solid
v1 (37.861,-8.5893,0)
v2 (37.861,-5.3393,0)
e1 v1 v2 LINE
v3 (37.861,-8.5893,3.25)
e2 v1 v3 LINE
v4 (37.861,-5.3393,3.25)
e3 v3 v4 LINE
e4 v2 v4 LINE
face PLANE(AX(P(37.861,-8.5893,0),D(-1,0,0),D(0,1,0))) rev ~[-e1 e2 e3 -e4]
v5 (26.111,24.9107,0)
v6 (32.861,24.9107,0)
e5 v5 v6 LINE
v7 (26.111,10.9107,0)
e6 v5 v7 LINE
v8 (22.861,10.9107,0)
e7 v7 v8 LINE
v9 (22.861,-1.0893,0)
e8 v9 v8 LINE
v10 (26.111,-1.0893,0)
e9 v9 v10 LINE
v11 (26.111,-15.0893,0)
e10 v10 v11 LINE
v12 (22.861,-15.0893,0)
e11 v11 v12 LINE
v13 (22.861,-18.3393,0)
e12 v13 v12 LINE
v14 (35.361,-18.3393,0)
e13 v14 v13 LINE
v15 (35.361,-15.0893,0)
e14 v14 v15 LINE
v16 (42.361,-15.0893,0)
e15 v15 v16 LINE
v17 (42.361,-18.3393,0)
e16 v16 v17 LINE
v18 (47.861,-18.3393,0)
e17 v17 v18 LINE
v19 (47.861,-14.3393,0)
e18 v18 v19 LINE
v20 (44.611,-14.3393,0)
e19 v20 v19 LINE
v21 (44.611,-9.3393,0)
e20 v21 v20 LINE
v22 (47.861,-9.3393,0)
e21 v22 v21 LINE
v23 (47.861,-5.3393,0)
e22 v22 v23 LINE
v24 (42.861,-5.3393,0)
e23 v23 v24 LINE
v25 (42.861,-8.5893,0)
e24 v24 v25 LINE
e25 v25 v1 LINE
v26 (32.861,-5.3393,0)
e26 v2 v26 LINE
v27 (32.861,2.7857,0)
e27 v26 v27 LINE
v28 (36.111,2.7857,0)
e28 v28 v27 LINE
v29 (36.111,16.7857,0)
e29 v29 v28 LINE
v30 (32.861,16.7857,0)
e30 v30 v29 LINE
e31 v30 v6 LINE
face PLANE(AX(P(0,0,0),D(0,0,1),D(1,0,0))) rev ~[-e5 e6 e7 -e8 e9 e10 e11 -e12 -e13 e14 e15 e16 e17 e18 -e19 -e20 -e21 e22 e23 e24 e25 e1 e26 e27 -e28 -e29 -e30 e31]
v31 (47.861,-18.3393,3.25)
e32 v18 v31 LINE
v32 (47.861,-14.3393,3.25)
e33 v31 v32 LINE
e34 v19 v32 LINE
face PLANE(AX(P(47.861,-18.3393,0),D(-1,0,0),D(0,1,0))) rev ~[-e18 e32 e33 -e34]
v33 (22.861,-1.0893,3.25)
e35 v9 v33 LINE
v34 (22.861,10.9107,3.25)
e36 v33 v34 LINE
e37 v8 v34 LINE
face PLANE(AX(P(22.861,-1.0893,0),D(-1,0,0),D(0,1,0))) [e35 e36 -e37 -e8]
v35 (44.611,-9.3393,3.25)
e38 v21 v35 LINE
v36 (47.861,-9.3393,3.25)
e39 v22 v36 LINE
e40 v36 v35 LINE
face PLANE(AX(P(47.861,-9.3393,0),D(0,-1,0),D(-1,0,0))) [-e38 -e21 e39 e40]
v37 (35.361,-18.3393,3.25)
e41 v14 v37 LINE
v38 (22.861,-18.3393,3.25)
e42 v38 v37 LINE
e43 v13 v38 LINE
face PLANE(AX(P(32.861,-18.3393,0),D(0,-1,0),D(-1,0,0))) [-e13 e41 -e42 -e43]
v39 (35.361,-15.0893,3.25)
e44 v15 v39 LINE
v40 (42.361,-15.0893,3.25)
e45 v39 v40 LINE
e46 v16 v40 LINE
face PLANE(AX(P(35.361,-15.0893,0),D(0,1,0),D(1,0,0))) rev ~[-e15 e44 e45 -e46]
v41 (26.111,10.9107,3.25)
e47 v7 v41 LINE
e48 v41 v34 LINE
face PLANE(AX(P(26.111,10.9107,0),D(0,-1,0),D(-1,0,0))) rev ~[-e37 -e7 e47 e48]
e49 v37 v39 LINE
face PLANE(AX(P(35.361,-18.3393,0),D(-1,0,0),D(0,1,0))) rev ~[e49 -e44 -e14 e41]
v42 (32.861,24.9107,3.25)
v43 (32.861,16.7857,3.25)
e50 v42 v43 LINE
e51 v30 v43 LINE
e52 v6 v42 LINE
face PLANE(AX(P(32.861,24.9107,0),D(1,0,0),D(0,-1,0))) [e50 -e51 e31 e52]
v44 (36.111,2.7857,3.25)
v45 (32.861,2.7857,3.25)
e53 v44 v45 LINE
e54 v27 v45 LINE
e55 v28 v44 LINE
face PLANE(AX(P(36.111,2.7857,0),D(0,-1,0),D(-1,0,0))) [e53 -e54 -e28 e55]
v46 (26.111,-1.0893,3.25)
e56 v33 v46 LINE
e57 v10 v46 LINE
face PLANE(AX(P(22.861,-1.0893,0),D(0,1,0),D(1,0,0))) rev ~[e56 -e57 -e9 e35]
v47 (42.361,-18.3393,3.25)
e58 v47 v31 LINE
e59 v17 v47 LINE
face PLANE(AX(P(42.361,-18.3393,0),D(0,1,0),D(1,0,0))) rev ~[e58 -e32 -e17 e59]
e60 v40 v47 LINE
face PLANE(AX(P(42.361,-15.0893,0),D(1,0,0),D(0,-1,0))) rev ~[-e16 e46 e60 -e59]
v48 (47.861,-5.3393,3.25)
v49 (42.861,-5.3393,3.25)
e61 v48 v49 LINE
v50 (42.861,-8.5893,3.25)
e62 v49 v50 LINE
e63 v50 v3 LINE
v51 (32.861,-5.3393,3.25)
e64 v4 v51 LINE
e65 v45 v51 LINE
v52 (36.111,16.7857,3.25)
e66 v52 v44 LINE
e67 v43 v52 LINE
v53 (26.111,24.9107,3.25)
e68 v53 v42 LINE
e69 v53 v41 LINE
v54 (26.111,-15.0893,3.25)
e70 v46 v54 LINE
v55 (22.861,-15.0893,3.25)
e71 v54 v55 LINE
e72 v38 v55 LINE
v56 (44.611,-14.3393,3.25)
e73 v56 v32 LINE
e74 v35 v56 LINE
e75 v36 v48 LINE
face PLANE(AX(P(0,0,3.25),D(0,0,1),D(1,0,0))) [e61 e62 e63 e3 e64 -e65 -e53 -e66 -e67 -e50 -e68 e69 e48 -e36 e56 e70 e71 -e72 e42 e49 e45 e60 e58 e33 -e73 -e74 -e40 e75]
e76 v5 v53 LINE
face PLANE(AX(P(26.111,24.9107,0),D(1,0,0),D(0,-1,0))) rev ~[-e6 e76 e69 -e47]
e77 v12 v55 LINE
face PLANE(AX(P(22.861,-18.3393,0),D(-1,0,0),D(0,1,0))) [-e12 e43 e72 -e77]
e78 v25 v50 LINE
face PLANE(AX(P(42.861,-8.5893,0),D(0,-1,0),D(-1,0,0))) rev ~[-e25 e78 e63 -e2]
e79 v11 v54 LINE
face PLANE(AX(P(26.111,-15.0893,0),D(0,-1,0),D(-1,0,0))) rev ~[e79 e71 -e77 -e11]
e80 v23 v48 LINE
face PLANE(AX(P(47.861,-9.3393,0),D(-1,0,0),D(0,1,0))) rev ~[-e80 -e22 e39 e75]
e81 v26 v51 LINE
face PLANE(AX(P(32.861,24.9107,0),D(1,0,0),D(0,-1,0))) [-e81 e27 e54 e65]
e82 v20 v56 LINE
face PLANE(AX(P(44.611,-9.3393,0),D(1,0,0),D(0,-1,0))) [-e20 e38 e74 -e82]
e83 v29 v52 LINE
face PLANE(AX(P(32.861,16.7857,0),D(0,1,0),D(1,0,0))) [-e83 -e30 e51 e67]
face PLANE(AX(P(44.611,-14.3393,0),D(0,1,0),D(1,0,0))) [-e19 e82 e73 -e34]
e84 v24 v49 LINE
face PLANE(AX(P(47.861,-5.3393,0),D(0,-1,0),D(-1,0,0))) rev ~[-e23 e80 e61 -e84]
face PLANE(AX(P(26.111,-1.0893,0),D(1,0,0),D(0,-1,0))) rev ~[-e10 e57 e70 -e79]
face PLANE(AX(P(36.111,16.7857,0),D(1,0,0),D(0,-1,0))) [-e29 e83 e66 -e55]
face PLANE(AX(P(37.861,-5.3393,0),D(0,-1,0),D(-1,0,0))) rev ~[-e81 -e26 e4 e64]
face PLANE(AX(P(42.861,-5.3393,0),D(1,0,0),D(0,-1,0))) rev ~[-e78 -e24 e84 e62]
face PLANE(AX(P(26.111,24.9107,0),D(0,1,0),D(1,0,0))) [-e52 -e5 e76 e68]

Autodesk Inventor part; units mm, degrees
ref_plane "YZ Plane" through (0, 0, 0) normal (1, 0, 0) x (0, 1, 0)
ref_plane "XZ Plane" through (0, 0, 0) normal (0, 1, 0) x (-1, 0, 0)
ref_plane "XY Plane" through (0, 0, 0) normal (0, 0, 1) x (1, 0, 0)
sketch "Block1" plane through (0, 0, 0) normal (0, 0, 1) x (1, 0, 0)
  circle A0 centre (74.029, 24.2723) radius 1
  line L0 (49.279, 30.4723) -> (71.779, 30.4723)
  line L1 (71.779, 30.4723) -> (71.779, 18.0723)
  line L2 (71.779, 18.0723) -> (49.279, 18.0723)
  line L3 (49.279, 18.0723) -> (49.279, 30.4723)
  line L4 (49.279, 30.4723) -> (44.779, 30.4723)
  line L5 (44.779, 30.4723) -> (44.779, 18.0723)
  line L6 (44.779, 18.0723) -> (49.279, 18.0723)
  line L7 (49.279, 18.0723) -> (49.279, 30.4723)
  line L8 (71.779, 30.4723) -> (76.279, 30.4723)
  line L9 (76.279, 30.4723) -> (76.279, 18.0723)
  line L10 (76.279, 18.0723) -> (71.779, 18.0723)
  line L11 (71.779, 18.0723) -> (71.779, 30.4723)
  line L12 (44.779, 24.2723) -> (76.279, 24.2723) construction
  line L13 (47.029, 30.4723) -> (47.029, 18.0723) construction
  circle A1 centre (47.029, 24.2723) radius 1
  line L14 (74.029, 30.4723) -> (74.029, 18.0723) construction
  point P0 (60.979, 24.0984)
  dimension "d7" = 22.5
  dimension "d8" = 12.4
  dimension "d9" = 4.5
  dimension "d10" = 4.5
  dimension "d11" = 2
  dimension "d12" = 2
sketch "Sketch1" plane through (0, 0, 0) normal (0, 0, 1) x (1, 0, 0)
  line L0 (-92.7646, -8.503) -> (-89.7646, -8.503)
  line L1 (-89.7646, -8.503) -> (-89.7646, -11.753)
  line L2 (-89.7646, -11.753) -> (-92.7646, -11.753)
  line L3 (-92.7646, -11.753) -> (-92.7646, -8.503)
  line L4 (-92.7646, -21.6527) -> (-89.7646, -21.6527)
  line L5 (-89.7646, -21.6527) -> (-89.7646, -21.7527)
  line L6 (-89.7646, -21.7527) -> (-92.7646, -21.7527)
  line L7 (-92.7646, -21.7527) -> (-92.7646, -21.6527)
  line L8 (22.861, 24.9107) -> (32.861, 24.9107)
  line L9 (32.861, 24.9107) -> (32.861, -18.3393)
  line L10 (32.861, -18.3393) -> (22.861, -18.3393)
  line L11 (22.861, -18.3393) -> (22.861, 24.9107)
  line L12 (22.861, 24.9107) -> (26.111, 24.9107)
  line L13 (26.111, 24.9107) -> (26.111, 10.9107)
  line L14 (26.111, 10.9107) -> (22.861, 10.9107)
  line L15 (22.861, 10.9107) -> (22.861, 24.9107)
  line L16 (22.861, 3.2857) -> (32.861, 3.2857) construction
  line L17 (26.111, -15.0893) -> (22.861, -15.0893)
  line L18 (26.111, -1.0893) -> (26.111, -15.0893)
  line L19 (22.861, -15.0893) -> (22.861, -1.0893)
  line L20 (22.861, -1.0893) -> (26.111, -1.0893)
  line L21 (32.861, -18.3393) -> (47.861, -18.3393)
  line L22 (47.861, -18.3393) -> (47.861, -5.3393)
  line L23 (47.861, -5.3393) -> (32.861, -5.3393)
  line L24 (32.861, -5.3393) -> (32.861, -18.3393)
  line L25 (47.861, -11.8393) -> (32.861, -11.8393) construction
  line L26 (47.861, -9.3393) -> (44.611, -9.3393)
  line L27 (44.611, -9.3393) -> (44.611, -14.3393)
  line L28 (44.611, -14.3393) -> (47.861, -14.3393)
  line L29 (47.861, -14.3393) -> (47.861, -9.3393)
  line L30 (47.861, -11.8393) -> (44.611, -11.8393) construction
  line L31 (37.861, -5.3393) -> (42.861, -5.3393)
  line L32 (42.861, -5.3393) -> (42.861, -8.5893)
  line L33 (42.861, -8.5893) -> (37.861, -8.5893)
  line L34 (37.861, -8.5893) -> (37.861, -5.3393)
  line L35 (40.361, -5.3393) -> (40.361, -18.3393) construction
  line L36 (40.361, -5.3393) -> (40.361, -8.5893) construction
  line L37 (35.361, -15.0893) -> (42.361, -15.0893)
  line L38 (42.361, -15.0893) -> (42.361, -18.3393)
  line L39 (42.361, -18.3393) -> (35.361, -18.3393)
  line L40 (35.361, -18.3393) -> (35.361, -15.0893)
  line L41 (32.861, 16.7857) -> (36.111, 16.7857)
  line L42 (36.111, 16.7857) -> (36.111, 2.7857)
  line L43 (36.111, 2.7857) -> (32.861, 2.7857)
  line L44 (32.861, 2.7857) -> (32.861, 16.7857)
  point P0 (0, 0)
  dimension "d0" = 3
  dimension "mat" = 3.25
  dimension "d2" = 3
  dimension "d3" = 0.1
  dimension "d32" = 10
  dimension "d33" = 43.25
  dimension "d34" = 3.25
  dimension "d35" = 14
  dimension "d37" = 3.25
  dimension "d38" = 14
  dimension "d40" = 3.25
  dimension "d41" = 15
  dimension "d42" = 13
  dimension "d43" = 3.25
  dimension "d44" = 5
  dimension "d45" = 5
  dimension "d46" = 3.25
  dimension "d47" = 7
  dimension "d48" = 3.25
  dimension "d49" = 12.5
  dimension "d52" = 3.25
  dimension "d53" = 14
  dimension "d54" = 30.25
  dimension "d55" = 8.125
  dimension "d58" = 2.5
  dimension "d59" = 25
  dimension "d60" = 5.5
extrude "Extrusion3" add sketch "Sketch1" along normal blind 3.25 contours L8 L9 L10 L11 L17 L18 L20 L14 L13 | L23 L34 L33 L32 L22 L26 L27 L28 L21 L38 L37 L40 L9
extrude "Extrusion4" add sketch "Sketch1" along normal blind 3.25 contours L41 L42 L43 L9
equation "\"d34\" = d36"
equation "\"d37\" = d39"
equation "\"d40\" = mat"
equation "\"d43\" = mat"
equation "\"d46\" = mat"
equation "\"d48\" = mat"
equation "\"d52\" = mat"
equation "\"d50\" = mat"
equation "\"d56\" = mat"
equation "\"d36\" = 3.25"
equation "\"d39\" = 3.25"
properties part number "arm-servo"
